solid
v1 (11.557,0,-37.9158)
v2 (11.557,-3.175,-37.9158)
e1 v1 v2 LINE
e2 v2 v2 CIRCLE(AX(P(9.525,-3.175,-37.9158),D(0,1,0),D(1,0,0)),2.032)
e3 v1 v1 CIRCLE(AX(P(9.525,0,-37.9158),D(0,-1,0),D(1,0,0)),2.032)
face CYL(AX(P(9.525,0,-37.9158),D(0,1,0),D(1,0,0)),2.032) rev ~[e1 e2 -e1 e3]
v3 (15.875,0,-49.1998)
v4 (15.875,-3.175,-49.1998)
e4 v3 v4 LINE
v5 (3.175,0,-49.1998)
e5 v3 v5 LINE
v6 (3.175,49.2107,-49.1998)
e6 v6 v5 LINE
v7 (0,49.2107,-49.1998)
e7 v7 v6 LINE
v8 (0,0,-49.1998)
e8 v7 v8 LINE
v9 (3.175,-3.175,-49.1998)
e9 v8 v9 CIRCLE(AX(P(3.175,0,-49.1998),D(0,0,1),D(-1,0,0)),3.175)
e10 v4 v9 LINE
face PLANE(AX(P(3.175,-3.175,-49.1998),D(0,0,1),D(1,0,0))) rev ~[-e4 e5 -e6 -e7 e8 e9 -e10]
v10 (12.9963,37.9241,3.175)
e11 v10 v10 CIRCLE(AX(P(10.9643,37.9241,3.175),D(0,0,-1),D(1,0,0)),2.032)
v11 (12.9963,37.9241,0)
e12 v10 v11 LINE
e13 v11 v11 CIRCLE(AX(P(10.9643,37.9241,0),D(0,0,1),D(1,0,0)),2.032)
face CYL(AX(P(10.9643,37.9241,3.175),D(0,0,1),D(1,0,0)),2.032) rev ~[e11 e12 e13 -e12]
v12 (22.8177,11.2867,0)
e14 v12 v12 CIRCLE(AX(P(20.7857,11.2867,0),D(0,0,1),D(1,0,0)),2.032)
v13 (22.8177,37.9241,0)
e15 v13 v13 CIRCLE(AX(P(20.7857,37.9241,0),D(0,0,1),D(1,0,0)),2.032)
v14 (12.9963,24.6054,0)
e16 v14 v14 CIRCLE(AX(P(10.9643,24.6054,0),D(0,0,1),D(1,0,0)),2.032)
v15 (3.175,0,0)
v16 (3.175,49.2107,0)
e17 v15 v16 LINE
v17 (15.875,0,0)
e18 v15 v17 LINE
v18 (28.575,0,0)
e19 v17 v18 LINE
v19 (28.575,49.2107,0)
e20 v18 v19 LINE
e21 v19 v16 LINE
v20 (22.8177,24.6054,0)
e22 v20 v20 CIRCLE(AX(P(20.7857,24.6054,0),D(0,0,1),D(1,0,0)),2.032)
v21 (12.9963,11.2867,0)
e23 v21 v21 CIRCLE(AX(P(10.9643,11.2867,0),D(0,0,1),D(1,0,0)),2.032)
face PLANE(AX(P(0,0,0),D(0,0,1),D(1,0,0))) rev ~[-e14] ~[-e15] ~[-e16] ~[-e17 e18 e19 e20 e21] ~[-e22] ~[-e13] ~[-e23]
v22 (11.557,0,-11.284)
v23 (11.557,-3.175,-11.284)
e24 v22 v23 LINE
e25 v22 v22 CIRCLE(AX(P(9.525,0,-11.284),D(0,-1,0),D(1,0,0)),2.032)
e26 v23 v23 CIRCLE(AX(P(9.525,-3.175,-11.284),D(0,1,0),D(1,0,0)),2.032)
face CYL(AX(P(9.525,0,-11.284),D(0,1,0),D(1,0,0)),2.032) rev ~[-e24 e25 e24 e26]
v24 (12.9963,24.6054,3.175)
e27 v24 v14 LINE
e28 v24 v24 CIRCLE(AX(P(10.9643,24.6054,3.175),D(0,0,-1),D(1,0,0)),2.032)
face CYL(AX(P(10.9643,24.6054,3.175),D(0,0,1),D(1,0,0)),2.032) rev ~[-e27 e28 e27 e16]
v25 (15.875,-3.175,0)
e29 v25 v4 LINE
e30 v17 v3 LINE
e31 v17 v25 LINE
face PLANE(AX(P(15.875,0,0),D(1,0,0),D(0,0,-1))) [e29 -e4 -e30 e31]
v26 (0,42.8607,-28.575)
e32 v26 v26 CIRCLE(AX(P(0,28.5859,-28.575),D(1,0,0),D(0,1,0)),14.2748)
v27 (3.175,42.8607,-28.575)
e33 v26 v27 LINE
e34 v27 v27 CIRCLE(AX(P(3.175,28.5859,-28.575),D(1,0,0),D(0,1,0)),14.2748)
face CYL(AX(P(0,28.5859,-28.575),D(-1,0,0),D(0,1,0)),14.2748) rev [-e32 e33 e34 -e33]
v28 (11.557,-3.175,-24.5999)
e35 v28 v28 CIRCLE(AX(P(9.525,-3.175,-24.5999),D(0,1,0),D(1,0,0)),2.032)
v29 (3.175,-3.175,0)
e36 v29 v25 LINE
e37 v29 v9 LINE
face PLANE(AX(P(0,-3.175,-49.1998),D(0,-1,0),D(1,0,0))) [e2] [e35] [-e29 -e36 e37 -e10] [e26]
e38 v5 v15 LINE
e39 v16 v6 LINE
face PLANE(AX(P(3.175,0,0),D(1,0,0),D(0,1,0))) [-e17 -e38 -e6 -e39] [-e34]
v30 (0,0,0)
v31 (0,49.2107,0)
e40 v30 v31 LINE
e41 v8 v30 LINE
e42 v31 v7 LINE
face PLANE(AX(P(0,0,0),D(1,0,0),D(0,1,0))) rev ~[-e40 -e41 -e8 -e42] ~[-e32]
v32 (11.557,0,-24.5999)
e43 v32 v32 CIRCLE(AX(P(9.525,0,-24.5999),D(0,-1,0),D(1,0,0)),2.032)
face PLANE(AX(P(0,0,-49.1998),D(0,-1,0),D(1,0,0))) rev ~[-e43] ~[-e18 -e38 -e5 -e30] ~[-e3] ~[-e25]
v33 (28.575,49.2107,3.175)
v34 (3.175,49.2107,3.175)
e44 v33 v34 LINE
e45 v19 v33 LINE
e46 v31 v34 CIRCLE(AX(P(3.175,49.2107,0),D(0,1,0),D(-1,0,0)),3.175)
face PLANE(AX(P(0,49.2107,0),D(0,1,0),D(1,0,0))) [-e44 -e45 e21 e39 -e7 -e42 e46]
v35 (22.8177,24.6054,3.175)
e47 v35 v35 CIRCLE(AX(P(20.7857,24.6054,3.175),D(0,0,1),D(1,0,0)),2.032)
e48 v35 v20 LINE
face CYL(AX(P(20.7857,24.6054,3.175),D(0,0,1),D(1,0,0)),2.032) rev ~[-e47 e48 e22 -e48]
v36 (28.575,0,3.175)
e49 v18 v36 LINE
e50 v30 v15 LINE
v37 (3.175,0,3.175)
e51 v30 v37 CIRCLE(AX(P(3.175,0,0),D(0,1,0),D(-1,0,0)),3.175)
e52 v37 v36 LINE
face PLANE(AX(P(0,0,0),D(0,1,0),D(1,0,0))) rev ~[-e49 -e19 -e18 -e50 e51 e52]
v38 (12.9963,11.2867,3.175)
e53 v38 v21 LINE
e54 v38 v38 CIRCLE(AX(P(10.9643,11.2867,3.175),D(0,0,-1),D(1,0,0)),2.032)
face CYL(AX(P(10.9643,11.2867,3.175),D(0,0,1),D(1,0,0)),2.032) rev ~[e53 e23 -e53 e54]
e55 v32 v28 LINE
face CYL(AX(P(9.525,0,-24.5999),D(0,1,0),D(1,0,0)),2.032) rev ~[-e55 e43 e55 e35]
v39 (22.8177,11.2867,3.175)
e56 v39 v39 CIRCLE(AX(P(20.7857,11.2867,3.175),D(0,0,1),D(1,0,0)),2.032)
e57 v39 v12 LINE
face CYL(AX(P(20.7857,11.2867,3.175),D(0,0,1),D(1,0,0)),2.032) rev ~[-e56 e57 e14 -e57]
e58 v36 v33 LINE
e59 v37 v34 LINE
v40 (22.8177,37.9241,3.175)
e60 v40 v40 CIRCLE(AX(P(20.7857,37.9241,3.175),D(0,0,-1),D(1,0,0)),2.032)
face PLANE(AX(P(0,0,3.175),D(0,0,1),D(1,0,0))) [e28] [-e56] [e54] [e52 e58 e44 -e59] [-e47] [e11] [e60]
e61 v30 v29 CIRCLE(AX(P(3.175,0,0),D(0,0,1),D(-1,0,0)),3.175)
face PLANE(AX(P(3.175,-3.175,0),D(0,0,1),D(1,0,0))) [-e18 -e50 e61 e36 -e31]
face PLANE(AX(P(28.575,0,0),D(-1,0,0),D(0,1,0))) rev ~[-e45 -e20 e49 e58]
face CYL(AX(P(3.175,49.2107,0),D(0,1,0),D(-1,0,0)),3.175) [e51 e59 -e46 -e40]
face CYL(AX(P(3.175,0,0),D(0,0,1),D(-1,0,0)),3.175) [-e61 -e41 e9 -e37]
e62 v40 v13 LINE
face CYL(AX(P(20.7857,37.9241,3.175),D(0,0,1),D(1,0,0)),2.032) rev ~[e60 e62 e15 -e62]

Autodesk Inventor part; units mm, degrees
ref_plane "YZ Plane" through (0, 0, 0) normal (1, 0, 0) x (0, 1, 0)
ref_plane "XZ Plane" through (0, 0, 0) normal (0, 1, 0) x (-1, 0, 0)
ref_plane "XY Plane" through (0, 0, 0) normal (0, 0, 1) x (1, 0, 0)
sketch "Sketch1" plane through (0, 0, 0) normal (1, 0, 0) x (0, 1, 0)
  line L0 (0, 0) -> (49.2107, 0)
  line L1 (49.2107, 0) -> (49.2107, -49.1998)
  line L2 (49.2107, -49.1998) -> (0, -49.1998)
  line L3 (0, -49.1998) -> (0, 0)
  circle A0 centre (28.5859, -28.575) radius 14.2748
  point P0 (42.8607, -28.575)
  point P1 (28.5859, -42.8498)
  dimension "d0" = 28.5859
  dimension "d1" = 28.5496
  dimension "d2" = 6.35
  dimension "d3" = 6.35
  dimension "d4" = 28.575
extrude "Extrusion1" add sketch "Sketch1" along normal blind 3.175
sketch "Sketch2" plane through (0, 0, -49.1998) normal (0, -1, 0) x (1, 0, 0)
  line L0 (3.175, 49.1998) -> (3.175, 0) projected
  line L1 (3.175, 49.1998) -> (15.875, 49.1998)
  line L2 (15.875, 49.1998) -> (15.875, 0)
  line L3 (15.875, 0) -> (3.175, 0)
  line L4 (3.175, 0) -> (3.175, 49.1998)
  point P0 (0, 49.1998)
  dimension "d7" = 12.7
extrude "Extrusion2" add sketch "Sketch2" along normal blind 3.175
sketch "Sketch3" plane through (0, 0, 0) normal (0, 0, 1) x (1, 0, 0)
  line L0 (3.175, 0) -> (3.175, 49.2107) projected
  line L1 (3.175, 0) -> (28.575, 0)
  line L2 (28.575, 0) -> (28.575, 49.2107)
  line L3 (28.575, 49.2107) -> (3.175, 49.2107)
  line L4 (3.175, 49.2107) -> (3.175, 0)
  point P0 (0, 0)
  dimension "d10" = 25.4
extrude "Extrusion3" add sketch "Sketch3" along normal blind 3.175
sketch "Sketch4" plane through (3.175, -3.175, 0) normal (0, 0, 1) x (1, 0, 0)
  line L0 (-3.175, 3.175) -> (0, 3.175) projected
  line L1 (0, 3.175) -> (0, 0) projected
  arc A0 (-3.175, 3.175) -> (0, 0) centre (0, 3.175) ccw
extrude "Extrusion4" add sketch "Sketch4" against normal up to surface (49.1998 mm away)
sketch "Sketch5" plane through (0, 49.2107, 0) normal (0, 1, 0) x (1, 0, 0)
  line L0 (3.175, 0) -> (3.175, -3.175) projected
  line L1 (0, 0) -> (3.175, 0) projected
  arc A0 (0, 0) -> (3.175, -3.175) centre (3.175, 0) ccw
extrude "Extrusion5" add sketch "Sketch5" against normal up to surface (49.2107 mm away)
sketch "Sketch6" plane through (0, 0, 3.175) normal (0, 0, 1) x (1, 0, 0)
  line L0 (3.175, 0) -> (28.575, 0) projected
  line L1 (28.575, 0) -> (28.575, 49.2107) projected
  line L2 (28.575, 49.2107) -> (3.175, 49.2107) projected
  line L3 (3.175, 49.2107) -> (3.175, 0) projected
  circle A0 centre (10.9643, 37.9241) radius 2.032
  circle A1 centre (20.7857, 37.9241) radius 2.032
  line L4 (12.9963, 37.9241) -> (18.7537, 37.9241)
  line L5 (8.9323, 37.9241) -> (3.175, 37.9241)
  line L6 (22.8177, 37.9241) -> (28.575, 37.9241)
  circle A2 centre (10.9643, 24.6054) radius 2.032
  circle A3 centre (10.9643, 11.2867) radius 2.032
  line L7 (10.9643, 39.9561) -> (10.9643, 49.2107)
  line L8 (28.575, 49.2107) -> (3.175, 49.2107) projected
  line L9 (10.9643, 26.6374) -> (10.9643, 35.8921)
  line L10 (10.9643, 13.3187) -> (10.9643, 22.5734)
  line L11 (10.9643, 9.2547) -> (10.9643, 0)
  circle A4 centre (20.7857, 24.6054) radius 2.032
  circle A5 centre (20.7857, 11.2867) radius 2.032
  point P0 (0, 0)
  dimension "d17" = 4.064
  dimension "d20" = 4.064
  dimension "d23" = 4.064
  dimension "d24" = 4.064
  dimension "d25" = 4.064
  dimension "d26" = 4.064
extrude "Extrusion6" cut sketch "Sketch6" against normal blind 3.175 contours A3 | A0 | A1 | A2 | A4 | A5
sketch "Sketch7" plane through (0, 0, -49.1998) normal (0, 1, 0) x (1, 0, 0)
  line L0 (3.175, -49.1998) -> (15.875, -49.1998) projected
  line L1 (15.875, -49.1998) -> (15.875, 0) construction
  line L2 (15.875, 0) -> (3.175, 0) projected
  line L3 (3.175, -49.1998) -> (3.175, 0) projected
  circle A0 centre (9.525, -11.284) radius 2.032
  circle A1 centre (9.525, -24.5999) radius 2.032
  circle A2 centre (9.525, -37.9158) radius 2.032
  line L4 (9.525, -9.2519) -> (9.525, 0)
  line L5 (9.525, -13.3159) -> (9.525, -22.5679) construction
  line L6 (9.525, -26.6319) -> (9.525, -35.8838)
  line L7 (9.525, -39.9478) -> (9.525, -49.1998)
  line L8 (28.575, -49.1998) -> (3.175, -49.1998) projected
  point P0 (0, -49.1998)
  dimension "d29" = 4.064
  dimension "d30" = 4.064
  dimension "d31" = 4.064
extrude "Extrusion7" cut sketch "Sketch7" against normal blind 3.175
properties part number "Robot to Bottomish Plate to Pivot Hex Axle"
